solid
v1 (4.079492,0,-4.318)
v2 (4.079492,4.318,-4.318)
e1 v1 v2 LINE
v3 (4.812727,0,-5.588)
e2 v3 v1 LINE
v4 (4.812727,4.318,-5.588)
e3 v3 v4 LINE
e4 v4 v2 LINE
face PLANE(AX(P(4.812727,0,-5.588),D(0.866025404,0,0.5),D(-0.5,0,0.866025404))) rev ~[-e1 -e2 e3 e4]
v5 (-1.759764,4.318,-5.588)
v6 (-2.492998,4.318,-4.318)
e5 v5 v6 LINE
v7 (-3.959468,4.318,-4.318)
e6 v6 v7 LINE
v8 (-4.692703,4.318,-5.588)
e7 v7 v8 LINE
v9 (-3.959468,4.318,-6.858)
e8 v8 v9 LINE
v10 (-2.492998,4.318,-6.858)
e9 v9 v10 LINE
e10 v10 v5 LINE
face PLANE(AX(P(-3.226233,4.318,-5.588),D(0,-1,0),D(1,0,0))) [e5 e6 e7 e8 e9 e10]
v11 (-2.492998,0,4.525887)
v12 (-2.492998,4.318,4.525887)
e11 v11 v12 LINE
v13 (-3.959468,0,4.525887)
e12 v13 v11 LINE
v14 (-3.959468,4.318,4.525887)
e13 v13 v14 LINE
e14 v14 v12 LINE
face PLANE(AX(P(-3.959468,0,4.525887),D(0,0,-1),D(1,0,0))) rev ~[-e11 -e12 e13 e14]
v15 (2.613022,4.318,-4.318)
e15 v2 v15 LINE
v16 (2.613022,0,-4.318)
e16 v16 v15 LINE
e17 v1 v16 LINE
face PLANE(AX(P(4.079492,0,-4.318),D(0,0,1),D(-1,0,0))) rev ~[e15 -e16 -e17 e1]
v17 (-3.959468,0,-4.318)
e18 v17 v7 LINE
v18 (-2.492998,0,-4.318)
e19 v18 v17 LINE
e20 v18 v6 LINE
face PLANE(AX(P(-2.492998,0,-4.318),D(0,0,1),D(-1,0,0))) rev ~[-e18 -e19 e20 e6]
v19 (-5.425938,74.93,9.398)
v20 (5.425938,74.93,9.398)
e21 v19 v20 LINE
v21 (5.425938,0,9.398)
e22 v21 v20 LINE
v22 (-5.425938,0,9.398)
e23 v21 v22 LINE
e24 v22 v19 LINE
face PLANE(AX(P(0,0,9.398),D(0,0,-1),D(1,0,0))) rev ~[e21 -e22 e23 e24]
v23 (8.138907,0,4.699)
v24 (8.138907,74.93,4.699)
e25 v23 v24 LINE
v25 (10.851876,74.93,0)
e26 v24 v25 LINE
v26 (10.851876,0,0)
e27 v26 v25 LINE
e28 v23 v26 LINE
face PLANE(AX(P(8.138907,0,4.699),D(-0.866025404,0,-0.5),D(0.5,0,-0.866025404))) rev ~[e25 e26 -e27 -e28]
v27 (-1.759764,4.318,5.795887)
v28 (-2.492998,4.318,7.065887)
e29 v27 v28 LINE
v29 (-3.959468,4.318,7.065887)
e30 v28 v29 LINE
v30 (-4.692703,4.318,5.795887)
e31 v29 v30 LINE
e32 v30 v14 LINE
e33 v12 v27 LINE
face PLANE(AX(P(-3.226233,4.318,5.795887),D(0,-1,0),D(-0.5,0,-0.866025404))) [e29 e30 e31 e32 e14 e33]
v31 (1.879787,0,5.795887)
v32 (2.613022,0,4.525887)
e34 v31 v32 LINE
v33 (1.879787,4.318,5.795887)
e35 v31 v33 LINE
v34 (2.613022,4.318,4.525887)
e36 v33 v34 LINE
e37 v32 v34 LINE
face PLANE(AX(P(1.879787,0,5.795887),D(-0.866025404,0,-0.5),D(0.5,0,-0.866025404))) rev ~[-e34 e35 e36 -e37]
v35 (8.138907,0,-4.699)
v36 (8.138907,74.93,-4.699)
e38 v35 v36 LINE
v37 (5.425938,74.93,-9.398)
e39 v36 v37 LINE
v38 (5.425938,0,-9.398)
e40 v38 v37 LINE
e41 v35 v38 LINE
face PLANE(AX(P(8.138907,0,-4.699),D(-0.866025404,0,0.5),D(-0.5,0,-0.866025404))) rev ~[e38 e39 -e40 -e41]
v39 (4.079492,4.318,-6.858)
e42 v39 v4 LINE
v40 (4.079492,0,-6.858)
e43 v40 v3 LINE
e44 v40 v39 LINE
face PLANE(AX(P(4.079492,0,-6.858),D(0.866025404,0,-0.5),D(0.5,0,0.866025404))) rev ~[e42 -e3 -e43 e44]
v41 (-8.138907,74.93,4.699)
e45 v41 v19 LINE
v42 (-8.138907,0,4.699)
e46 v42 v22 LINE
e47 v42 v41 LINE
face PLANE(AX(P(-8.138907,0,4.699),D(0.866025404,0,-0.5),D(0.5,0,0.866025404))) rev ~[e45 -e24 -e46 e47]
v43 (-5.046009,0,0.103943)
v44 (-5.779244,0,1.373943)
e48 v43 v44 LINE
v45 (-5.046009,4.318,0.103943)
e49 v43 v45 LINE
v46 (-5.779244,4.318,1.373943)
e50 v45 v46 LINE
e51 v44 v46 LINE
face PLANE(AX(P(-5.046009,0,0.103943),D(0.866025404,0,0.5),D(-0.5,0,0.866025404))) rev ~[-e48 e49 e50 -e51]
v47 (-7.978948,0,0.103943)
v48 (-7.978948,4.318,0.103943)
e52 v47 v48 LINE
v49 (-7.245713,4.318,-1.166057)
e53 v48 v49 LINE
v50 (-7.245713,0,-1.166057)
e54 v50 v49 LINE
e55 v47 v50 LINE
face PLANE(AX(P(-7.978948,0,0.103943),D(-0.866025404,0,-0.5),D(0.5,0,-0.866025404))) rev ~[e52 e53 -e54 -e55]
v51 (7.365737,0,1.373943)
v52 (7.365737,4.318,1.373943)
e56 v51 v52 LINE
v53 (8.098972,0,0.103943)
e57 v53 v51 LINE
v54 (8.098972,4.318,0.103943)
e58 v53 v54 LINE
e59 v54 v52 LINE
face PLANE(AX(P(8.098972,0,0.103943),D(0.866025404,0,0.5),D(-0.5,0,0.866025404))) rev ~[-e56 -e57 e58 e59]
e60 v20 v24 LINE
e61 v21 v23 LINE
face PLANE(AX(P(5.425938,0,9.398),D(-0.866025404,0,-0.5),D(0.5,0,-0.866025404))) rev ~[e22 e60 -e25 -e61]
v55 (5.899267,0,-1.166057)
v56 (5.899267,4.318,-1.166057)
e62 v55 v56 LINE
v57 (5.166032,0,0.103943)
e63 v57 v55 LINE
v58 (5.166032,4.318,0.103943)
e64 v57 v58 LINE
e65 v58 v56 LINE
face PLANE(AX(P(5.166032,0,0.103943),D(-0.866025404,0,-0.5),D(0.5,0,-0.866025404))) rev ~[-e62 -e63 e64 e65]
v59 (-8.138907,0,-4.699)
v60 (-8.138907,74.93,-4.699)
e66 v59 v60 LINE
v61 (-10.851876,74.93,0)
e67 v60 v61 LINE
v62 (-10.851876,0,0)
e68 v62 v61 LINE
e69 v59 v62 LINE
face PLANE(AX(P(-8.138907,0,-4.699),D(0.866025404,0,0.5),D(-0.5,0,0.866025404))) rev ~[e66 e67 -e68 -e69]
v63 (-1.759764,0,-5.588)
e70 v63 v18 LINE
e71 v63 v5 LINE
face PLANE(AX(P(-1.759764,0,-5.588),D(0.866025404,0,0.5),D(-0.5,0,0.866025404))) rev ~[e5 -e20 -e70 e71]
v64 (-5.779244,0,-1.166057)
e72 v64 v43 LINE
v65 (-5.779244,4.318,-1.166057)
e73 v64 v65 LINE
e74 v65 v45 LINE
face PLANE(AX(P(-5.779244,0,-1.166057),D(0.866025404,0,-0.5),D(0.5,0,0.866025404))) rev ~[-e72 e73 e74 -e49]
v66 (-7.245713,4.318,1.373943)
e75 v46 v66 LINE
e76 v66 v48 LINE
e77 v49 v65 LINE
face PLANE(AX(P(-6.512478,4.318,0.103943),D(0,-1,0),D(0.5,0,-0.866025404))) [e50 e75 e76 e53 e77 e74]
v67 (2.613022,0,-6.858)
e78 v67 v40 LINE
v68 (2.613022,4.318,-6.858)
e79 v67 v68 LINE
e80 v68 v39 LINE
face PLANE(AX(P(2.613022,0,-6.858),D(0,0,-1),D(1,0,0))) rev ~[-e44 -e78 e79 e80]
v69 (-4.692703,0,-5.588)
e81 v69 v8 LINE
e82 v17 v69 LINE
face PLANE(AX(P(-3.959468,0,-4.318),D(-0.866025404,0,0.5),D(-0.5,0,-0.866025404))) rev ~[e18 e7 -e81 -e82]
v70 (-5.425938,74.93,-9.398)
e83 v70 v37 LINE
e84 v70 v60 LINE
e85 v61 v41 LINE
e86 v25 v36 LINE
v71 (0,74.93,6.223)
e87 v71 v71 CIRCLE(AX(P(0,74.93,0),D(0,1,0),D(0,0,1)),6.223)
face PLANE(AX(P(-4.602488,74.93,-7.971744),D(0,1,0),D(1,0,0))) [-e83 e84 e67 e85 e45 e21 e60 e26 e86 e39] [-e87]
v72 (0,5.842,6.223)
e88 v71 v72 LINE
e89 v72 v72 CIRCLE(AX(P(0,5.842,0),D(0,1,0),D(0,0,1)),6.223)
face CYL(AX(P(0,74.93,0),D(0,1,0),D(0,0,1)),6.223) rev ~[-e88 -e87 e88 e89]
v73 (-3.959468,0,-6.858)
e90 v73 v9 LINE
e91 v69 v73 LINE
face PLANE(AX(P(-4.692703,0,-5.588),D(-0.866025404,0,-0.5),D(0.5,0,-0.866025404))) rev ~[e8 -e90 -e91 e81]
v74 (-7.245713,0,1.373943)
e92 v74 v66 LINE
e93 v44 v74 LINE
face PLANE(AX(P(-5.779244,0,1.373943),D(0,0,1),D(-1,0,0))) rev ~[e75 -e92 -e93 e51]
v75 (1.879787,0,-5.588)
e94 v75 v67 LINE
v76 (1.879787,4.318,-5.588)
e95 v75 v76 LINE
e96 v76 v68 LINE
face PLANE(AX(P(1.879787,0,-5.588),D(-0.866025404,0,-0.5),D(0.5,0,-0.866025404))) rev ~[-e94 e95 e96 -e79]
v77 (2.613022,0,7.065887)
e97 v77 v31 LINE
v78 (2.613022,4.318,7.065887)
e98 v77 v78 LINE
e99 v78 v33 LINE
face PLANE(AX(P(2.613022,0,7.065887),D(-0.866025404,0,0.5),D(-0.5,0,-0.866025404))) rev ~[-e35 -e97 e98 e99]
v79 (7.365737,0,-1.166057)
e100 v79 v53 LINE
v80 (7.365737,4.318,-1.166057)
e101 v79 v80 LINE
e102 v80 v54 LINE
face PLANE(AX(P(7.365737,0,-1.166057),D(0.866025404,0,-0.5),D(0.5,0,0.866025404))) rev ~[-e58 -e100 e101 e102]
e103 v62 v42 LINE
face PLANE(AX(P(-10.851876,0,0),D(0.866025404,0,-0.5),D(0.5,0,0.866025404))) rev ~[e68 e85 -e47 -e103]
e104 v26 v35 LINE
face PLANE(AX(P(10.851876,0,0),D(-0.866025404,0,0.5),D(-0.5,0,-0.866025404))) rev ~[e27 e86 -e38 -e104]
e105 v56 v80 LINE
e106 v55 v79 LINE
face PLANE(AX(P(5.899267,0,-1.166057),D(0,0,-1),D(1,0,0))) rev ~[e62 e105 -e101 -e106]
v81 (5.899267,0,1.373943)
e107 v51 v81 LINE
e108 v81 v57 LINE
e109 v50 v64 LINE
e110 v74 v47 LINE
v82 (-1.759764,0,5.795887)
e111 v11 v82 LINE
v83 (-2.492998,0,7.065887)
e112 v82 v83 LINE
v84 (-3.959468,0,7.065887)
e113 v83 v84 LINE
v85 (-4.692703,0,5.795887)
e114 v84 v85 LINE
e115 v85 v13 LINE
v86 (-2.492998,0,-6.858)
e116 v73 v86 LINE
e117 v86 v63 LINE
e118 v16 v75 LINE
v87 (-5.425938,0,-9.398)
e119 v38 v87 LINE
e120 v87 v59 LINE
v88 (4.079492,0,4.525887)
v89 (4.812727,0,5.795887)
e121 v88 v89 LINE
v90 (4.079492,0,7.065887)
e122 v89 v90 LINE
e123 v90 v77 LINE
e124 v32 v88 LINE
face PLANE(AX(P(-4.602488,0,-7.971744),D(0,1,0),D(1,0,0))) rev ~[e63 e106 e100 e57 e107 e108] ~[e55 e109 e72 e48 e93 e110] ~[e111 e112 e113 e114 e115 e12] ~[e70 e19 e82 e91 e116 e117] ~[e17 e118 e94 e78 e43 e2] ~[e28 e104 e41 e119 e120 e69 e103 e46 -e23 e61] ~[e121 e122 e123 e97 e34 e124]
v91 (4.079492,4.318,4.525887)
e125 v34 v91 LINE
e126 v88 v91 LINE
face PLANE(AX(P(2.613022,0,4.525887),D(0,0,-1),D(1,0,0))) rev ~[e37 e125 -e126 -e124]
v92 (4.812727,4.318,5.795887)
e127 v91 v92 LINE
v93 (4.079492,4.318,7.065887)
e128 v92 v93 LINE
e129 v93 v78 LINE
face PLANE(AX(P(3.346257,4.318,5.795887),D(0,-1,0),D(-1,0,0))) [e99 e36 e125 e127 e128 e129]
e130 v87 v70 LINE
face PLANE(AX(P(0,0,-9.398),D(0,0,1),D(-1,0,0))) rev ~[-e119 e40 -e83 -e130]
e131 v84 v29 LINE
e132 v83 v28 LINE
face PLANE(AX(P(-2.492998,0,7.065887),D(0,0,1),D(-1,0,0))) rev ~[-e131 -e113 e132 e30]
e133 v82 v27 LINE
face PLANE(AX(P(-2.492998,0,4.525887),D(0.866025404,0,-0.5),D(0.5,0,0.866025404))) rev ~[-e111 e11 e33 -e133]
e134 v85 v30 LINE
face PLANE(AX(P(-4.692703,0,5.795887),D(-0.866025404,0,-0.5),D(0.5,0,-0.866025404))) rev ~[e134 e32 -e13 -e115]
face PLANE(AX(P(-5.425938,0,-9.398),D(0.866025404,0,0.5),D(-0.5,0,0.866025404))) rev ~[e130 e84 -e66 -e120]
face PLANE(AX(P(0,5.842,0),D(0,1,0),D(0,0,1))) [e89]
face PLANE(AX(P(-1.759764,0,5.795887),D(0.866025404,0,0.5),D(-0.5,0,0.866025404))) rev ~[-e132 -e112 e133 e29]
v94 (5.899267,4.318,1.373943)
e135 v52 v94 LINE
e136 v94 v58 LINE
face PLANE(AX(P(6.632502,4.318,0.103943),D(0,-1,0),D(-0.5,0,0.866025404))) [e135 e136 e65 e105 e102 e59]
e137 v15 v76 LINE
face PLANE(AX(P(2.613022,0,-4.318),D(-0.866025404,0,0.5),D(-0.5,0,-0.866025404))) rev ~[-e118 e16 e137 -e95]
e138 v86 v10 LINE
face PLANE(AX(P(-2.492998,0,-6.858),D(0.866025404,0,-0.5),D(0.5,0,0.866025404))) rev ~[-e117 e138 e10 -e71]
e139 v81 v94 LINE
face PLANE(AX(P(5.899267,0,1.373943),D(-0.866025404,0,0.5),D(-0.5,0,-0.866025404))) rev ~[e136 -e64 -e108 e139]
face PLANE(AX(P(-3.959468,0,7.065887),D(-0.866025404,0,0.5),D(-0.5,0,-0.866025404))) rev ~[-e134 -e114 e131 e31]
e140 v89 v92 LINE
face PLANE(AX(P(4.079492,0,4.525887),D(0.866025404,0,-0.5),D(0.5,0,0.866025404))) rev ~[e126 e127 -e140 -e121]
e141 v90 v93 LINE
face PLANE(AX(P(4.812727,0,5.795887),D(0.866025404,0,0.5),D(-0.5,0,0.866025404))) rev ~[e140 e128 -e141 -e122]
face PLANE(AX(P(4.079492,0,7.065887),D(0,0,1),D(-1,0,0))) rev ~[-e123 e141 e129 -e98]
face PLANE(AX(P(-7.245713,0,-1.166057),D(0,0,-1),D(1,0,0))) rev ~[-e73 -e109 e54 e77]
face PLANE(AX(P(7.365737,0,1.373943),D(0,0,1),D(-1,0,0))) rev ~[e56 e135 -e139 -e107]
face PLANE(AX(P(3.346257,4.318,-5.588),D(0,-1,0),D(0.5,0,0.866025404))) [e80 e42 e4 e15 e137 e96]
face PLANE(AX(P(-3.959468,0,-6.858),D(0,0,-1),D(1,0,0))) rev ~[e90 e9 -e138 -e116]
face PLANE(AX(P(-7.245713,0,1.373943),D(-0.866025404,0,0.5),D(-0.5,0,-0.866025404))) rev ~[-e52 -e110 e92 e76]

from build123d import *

# Parameters (mm, degrees)
SKETCH1_R           = 9.398
BOSS_EXTRUDE1_DEPTH = 74.93
SKETCH2_R           = 6.223
CUT_EXTRUDE1_DEPTH  = 69.088
BOSS_EXTRUDE2_START = -74.93
BOSS_EXTRUDE2_DEPTH = 74.93
CUT_EXTRUDE6_DEPTH  = 4.318
CIRPATTERN2_COUNT   = 6


with BuildPart() as part:
    # Sketch1 → Boss-Extrude1 (new body)
    with BuildSketch(Plane(origin=(0, 0, 0), x_dir=(1, 0, 0), z_dir=(0, 1, 0))):
        with Locations(Location((0, 0, 0), (0, 0, 270))):
            Circle(SKETCH1_R)
    extrude(amount=BOSS_EXTRUDE1_DEPTH)

    # Sketch2 → Cut-Extrude1 (cut)
    with BuildSketch(Plane(origin=(0, 74.93, 0), x_dir=(1, 0, 0), z_dir=(0, 1, 0))):
        with Locations(Location((0, 0, 0), (0, 0, 270))):
            Circle(SKETCH2_R)
    extrude(amount=-CUT_EXTRUDE1_DEPTH, mode=Mode.SUBTRACT)

    # Sketch7 → Boss-Extrude2 (add)
    with BuildSketch(Plane(origin=(0, 74.93, 0), x_dir=(1, 0, 0), z_dir=(0, 1, 0)).offset(BOSS_EXTRUDE2_START)):
        with BuildLine():
            ThreePointArc((-8.138906715, 4.699000052), (-4.698999978, 8.138906757), (-9e-09, 9.398))
            Line((-9e-09, 9.398), (-5.42593783, 9.398))
            Line((-5.42593783, 9.398), (-8.138906715, 4.699000052))
        make_face()
        with BuildLine():
            ThreePointArc((-9e-09, 9.398), (4.69899997, 8.138906762), (8.138906715, 4.699000052))
            Line((8.138906715, 4.699000052), (5.42593783, 9.398))
            Line((5.42593783, 9.398), (-9e-09, 9.398))
        make_face()
        with BuildLine():
            Line((8.138906731, -4.699000024), (10.85187566, 0))
            Line((10.85187566, 0), (8.138906715, 4.699000052))
            ThreePointArc((8.138906715, 4.699000052), (9.077770908, 2.432381415), (9.398, 0))
            ThreePointArc((9.398, 0), (9.077770912, -2.432381399), (8.138906731, -4.699000024))
        make_face()
        with BuildLine():
            Line((5.42593783, -9.398), (8.138906731, -4.699000024))
            ThreePointArc((8.138906731, -4.699000024), (4.698999988, -8.138906752), (0, -9.398))
            Line((0, -9.398), (5.42593783, -9.398))
        make_face()
        with BuildLine():
            Line((-5.42593783, -9.398), (0, -9.398))
            ThreePointArc((0, -9.398), (-4.699000032, -8.138906726), (-8.138906781, -4.698999937))
            Line((-8.138906781, -4.698999937), (-5.42593783, -9.398))
        make_face()
        with BuildLine():
            ThreePointArc((-8.138906781, -4.698999937), (-9.398, 6.6e-08), (-8.138906715, 4.699000052))
            Line((-8.138906715, 4.699000052), (-10.85187566, 0))
            Line((-10.85187566, 0), (-8.138906781, -4.698999937))
        make_face()
    extrude(amount=BOSS_EXTRUDE2_DEPTH)

    # Sketch8 → Cut-Extrude6 (cut)
    with BuildSketch(Plane.XZ):
        Polygon((-1.75976362, -5.588), (-2.492998462, -4.318), (-3.959468146, -4.318), (-4.692702988, -5.588), (-3.959468146, -6.858), (-2.492998462, -6.858), align=None)
    cut_extrude6 = extrude(amount=-CUT_EXTRUDE6_DEPTH, mode=Mode.SUBTRACT)

    # CirPattern2: Cut-Extrude6 ×6 about axis
    cirpattern2_axis = Axis((0.06001178, 0, 0.103943452), (0, 1, 0))
    for i in range(1, CIRPATTERN2_COUNT):
        add(cut_extrude6.rotate(cirpattern2_axis, i * 360 / CIRPATTERN2_COUNT), mode=Mode.SUBTRACT)


solid = part.part
